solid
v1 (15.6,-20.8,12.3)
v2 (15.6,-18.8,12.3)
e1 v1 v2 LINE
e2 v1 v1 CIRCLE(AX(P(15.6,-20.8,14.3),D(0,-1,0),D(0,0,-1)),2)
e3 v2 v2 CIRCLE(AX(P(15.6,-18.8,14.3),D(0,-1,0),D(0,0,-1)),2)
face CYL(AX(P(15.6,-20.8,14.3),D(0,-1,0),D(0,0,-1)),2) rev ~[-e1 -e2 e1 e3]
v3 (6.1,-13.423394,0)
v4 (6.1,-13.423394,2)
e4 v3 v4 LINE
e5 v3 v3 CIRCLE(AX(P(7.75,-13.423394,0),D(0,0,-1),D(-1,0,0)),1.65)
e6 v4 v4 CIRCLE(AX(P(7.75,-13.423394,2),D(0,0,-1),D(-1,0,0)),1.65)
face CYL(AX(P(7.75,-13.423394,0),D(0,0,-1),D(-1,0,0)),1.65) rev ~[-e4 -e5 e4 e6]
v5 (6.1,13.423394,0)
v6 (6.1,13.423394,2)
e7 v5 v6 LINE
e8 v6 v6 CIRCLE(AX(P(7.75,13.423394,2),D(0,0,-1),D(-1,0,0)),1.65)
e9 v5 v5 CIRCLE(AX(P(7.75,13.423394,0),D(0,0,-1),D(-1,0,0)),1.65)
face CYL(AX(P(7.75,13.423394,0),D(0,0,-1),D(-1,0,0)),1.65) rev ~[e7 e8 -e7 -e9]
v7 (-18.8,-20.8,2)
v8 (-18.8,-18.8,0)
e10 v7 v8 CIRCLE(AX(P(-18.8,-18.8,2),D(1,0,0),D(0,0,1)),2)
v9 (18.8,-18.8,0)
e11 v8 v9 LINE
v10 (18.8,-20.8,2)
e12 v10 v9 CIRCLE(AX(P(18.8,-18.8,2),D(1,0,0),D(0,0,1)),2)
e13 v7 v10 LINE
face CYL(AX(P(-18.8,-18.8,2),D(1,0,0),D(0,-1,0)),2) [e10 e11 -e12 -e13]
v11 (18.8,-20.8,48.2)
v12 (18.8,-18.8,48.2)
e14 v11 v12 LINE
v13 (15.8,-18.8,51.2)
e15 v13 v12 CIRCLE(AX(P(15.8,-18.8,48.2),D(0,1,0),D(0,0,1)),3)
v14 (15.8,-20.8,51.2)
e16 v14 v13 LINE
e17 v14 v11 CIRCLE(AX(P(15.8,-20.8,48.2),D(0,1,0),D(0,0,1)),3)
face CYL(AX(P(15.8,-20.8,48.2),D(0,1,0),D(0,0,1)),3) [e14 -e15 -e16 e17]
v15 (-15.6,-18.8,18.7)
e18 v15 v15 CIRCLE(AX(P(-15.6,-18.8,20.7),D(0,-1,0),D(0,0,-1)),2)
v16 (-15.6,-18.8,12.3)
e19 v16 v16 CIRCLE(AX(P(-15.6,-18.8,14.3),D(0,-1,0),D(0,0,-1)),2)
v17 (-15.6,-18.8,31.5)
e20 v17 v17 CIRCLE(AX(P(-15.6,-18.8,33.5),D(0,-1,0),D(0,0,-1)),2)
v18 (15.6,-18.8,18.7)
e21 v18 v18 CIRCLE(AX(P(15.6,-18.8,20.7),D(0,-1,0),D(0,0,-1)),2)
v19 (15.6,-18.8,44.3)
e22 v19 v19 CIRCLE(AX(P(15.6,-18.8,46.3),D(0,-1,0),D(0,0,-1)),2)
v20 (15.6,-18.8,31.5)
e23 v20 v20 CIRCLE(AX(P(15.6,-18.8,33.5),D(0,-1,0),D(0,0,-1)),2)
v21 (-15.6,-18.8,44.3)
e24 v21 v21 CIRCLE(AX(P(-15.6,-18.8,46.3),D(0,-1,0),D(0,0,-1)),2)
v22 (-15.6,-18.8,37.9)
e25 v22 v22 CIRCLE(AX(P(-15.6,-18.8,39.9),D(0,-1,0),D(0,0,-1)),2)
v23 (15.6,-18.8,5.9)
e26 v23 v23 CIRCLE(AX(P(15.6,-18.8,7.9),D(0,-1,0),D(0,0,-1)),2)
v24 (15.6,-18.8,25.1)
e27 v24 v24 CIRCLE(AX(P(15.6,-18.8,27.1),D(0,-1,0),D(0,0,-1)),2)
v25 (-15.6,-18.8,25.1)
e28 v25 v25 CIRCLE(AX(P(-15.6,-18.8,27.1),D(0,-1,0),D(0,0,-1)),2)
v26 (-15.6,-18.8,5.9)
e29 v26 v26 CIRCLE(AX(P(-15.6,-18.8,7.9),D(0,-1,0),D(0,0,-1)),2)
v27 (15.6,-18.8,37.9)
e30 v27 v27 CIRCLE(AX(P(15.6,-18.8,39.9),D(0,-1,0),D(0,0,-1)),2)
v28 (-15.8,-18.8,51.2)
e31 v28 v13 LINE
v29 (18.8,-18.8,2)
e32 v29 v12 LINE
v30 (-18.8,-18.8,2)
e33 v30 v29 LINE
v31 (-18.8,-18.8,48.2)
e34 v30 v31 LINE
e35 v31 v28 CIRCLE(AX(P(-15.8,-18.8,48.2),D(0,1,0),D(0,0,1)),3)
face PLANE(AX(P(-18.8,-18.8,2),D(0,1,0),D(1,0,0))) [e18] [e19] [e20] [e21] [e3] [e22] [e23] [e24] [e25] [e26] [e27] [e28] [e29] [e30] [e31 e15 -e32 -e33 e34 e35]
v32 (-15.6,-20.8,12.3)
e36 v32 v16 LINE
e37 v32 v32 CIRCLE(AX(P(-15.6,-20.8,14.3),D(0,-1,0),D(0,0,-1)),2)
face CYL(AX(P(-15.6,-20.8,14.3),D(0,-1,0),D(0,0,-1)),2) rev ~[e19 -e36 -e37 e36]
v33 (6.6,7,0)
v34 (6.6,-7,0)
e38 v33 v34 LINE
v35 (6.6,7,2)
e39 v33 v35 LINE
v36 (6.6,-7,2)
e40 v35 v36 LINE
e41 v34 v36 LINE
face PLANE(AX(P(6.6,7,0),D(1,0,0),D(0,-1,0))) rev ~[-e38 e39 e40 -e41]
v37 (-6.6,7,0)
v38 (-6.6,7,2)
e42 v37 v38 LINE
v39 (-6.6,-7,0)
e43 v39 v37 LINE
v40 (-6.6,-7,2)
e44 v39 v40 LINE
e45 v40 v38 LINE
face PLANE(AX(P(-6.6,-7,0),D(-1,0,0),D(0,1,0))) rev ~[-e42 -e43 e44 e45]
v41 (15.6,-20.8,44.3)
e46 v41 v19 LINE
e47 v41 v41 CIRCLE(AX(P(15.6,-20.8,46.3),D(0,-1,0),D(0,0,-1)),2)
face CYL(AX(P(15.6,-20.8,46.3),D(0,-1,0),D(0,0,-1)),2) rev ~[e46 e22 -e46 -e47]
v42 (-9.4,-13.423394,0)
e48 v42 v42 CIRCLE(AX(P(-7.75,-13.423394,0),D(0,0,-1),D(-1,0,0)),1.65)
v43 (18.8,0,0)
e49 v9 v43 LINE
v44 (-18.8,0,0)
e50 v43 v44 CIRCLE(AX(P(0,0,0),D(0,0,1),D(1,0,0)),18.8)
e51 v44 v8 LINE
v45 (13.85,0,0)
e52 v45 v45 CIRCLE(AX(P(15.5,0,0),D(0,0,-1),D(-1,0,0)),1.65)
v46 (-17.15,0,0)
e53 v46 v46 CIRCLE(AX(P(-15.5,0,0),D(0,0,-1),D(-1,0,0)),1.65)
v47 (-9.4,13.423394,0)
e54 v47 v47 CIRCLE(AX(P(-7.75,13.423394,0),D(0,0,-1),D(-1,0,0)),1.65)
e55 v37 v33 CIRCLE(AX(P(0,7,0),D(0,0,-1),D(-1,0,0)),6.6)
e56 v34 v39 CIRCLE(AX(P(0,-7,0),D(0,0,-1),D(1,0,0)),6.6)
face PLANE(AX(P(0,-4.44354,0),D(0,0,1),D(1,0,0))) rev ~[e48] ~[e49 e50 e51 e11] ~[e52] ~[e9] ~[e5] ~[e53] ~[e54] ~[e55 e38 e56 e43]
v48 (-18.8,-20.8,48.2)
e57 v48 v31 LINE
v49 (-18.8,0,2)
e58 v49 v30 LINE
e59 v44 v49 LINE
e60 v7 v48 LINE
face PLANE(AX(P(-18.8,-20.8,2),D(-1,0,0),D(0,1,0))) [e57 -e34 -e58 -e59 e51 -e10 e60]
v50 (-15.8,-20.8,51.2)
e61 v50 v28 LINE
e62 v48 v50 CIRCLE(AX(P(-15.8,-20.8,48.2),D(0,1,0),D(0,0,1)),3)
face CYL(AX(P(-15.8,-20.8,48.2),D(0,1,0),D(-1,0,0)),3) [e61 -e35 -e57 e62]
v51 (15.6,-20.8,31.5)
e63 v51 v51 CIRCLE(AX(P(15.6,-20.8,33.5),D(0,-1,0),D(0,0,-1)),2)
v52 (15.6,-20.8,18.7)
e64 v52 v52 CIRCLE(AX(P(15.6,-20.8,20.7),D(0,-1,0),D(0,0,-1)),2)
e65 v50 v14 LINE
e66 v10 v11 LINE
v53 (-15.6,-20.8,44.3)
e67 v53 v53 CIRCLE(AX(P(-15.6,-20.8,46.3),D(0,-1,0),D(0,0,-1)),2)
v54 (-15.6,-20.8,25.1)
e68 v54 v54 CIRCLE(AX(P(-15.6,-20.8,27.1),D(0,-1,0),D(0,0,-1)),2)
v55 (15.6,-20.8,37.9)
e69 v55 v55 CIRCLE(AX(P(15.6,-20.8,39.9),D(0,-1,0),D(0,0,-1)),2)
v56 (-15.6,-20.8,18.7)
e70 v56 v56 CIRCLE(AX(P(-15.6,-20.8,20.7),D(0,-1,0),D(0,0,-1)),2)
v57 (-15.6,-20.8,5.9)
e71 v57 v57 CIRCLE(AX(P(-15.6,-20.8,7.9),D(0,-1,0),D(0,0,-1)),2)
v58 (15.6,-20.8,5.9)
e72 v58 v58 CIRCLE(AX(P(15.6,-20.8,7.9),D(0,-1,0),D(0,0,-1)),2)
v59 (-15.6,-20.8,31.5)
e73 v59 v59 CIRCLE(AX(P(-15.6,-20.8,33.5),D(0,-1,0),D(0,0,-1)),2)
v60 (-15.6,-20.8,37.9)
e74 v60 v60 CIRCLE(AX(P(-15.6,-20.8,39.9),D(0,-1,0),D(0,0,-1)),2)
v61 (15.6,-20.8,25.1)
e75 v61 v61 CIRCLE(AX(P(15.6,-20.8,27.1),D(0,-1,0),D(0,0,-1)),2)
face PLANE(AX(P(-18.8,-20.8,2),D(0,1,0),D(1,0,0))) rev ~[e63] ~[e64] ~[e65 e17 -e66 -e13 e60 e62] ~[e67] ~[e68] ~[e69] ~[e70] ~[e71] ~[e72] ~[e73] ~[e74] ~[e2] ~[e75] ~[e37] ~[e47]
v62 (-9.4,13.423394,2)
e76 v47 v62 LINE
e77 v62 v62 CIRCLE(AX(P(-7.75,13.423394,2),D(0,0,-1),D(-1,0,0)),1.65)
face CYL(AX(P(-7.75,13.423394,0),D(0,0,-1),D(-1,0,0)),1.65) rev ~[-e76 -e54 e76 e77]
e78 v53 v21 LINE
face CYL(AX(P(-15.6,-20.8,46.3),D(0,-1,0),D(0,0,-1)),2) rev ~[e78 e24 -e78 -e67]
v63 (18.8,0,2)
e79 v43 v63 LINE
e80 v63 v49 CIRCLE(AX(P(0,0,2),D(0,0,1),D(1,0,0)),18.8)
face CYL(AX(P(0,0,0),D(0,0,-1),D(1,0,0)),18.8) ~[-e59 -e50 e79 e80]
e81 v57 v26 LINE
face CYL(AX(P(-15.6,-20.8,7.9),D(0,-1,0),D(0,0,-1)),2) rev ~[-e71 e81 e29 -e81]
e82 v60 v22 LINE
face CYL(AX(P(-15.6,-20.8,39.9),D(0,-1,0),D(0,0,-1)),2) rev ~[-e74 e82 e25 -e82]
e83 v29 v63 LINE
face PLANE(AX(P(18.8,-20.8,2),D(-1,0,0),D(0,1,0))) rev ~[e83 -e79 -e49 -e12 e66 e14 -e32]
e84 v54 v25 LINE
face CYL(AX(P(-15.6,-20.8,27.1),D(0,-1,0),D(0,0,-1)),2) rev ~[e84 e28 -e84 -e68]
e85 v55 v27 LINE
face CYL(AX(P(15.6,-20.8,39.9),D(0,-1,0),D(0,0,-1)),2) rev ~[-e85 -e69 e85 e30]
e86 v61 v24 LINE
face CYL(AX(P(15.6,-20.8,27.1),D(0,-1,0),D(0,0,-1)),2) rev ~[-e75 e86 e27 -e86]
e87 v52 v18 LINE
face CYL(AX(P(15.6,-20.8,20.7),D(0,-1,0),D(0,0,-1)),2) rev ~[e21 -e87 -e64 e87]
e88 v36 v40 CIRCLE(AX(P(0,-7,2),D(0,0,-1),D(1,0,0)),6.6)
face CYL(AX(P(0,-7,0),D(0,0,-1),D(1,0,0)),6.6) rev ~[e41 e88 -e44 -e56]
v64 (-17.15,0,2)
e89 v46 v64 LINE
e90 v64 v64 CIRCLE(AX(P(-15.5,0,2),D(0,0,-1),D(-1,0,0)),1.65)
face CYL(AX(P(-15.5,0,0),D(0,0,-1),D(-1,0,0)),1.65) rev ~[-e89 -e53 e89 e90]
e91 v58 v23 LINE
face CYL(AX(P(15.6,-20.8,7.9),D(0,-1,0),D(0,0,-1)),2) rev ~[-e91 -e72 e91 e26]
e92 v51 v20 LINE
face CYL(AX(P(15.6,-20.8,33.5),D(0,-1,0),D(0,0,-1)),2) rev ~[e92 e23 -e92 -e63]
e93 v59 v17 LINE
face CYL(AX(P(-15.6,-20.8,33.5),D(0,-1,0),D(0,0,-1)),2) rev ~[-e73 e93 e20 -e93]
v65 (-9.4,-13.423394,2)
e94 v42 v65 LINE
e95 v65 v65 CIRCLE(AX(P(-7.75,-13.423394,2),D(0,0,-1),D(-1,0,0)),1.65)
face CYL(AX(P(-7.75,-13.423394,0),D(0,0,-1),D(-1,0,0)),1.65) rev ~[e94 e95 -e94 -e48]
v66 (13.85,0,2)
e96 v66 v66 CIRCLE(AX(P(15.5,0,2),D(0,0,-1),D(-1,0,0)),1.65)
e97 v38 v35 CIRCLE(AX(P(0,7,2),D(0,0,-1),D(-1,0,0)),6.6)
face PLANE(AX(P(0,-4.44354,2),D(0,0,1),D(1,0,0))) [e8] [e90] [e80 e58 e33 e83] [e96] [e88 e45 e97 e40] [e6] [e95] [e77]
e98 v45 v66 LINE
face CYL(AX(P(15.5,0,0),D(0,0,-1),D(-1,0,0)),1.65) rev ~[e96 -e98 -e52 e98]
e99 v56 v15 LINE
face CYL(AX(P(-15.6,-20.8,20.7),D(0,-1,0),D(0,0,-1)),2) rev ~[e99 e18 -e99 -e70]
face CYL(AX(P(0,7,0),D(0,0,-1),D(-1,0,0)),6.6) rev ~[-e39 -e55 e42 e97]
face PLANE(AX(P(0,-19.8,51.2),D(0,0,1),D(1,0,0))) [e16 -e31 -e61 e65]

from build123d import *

# Parameters (mm, degrees)
BOSS_EXTRUDE1_DEPTH = 2
SKETCH2_W           = 37.6
SKETCH2_H           = 2
BOSS_EXTRUDE2_DEPTH = 49.2
FILLET1_R           = 2
FILLET2_R           = 3
CUT_EXTRUDE1_REACH  = 69.402
SKETCH3_R           = 2
CUT_EXTRUDE2_REACH  = 60.374
SKETCH4_R           = 1.65


with BuildPart() as part:
    # Sketch1 → Boss-Extrude1 (new body)
    with BuildSketch(Plane.XY):
        with BuildLine():
            Line((-18.8, 0), (-18.8, -20.8))
            Line((-18.8, -20.8), (18.8, -20.8))
            Line((18.8, -20.8), (18.8, 0))
            ThreePointArc((18.8, 0), (0, 18.8), (-18.8, 0))
        make_face()
    extrude(amount=BOSS_EXTRUDE1_DEPTH)

    # Sketch2 → Boss-Extrude2 (add)
    with BuildSketch(Plane.XY.offset(2)):
        with Locations((0, -19.8)):
            Rectangle(SKETCH2_W, SKETCH2_H)
    extrude(amount=BOSS_EXTRUDE2_DEPTH)

    # Fillet1
    fillet1_edges = [part.edges().sort_by_distance(p)[0] for p in [
        (0, -20.8, 0),
    ]]
    fillet(fillet1_edges, radius=FILLET1_R)

    # Fillet2
    fillet2_edges = [part.edges().sort_by_distance(p)[0] for p in [
        (-18.8, -19.8, 51.2),
        (18.8, -19.8, 51.2),
    ]]
    fillet(fillet2_edges, radius=FILLET2_R)

    # Sketch3 → Cut-Extrude1 (cut, up to next)
    with BuildSketch(Plane.XZ.offset(20.8), mode=Mode.PRIVATE) as cut_extrude1_sk1:
        with Locations(Location((-15.6, 46.3, 0), (0, 0, 270))):
            Circle(SKETCH3_R)
    cut_extrude1_tool1 = extrude(cut_extrude1_sk1.sketch, amount=-CUT_EXTRUDE1_REACH, mode=Mode.PRIVATE) & part.part
    # Sketch3 → Cut-Extrude1 (cut, up to next)
    with BuildSketch(Plane.XZ.offset(20.8), mode=Mode.PRIVATE) as cut_extrude1_sk2:
        with Locations(Location((15.6, 46.3, 0), (0, 0, 270))):
            Circle(SKETCH3_R)
    cut_extrude1_tool2 = extrude(cut_extrude1_sk2.sketch, amount=-CUT_EXTRUDE1_REACH, mode=Mode.PRIVATE) & part.part
    # Sketch3 → Cut-Extrude1 (cut, up to next)
    with BuildSketch(Plane.XZ.offset(20.8), mode=Mode.PRIVATE) as cut_extrude1_sk3:
        with Locations(Location((-15.6, 39.9, 0), (0, 0, 270))):
            Circle(SKETCH3_R)
    cut_extrude1_tool3 = extrude(cut_extrude1_sk3.sketch, amount=-CUT_EXTRUDE1_REACH, mode=Mode.PRIVATE) & part.part
    # Sketch3 → Cut-Extrude1 (cut, up to next)
    with BuildSketch(Plane.XZ.offset(20.8), mode=Mode.PRIVATE) as cut_extrude1_sk4:
        with Locations(Location((15.6, 39.9, 0), (0, 0, 270))):
            Circle(SKETCH3_R)
    cut_extrude1_tool4 = extrude(cut_extrude1_sk4.sketch, amount=-CUT_EXTRUDE1_REACH, mode=Mode.PRIVATE) & part.part
    # Sketch3 → Cut-Extrude1 (cut, up to next)
    with BuildSketch(Plane.XZ.offset(20.8), mode=Mode.PRIVATE) as cut_extrude1_sk5:
        with Locations(Location((-15.6, 33.5, 0), (0, 0, 270))):
            Circle(SKETCH3_R)
    cut_extrude1_tool5 = extrude(cut_extrude1_sk5.sketch, amount=-CUT_EXTRUDE1_REACH, mode=Mode.PRIVATE) & part.part
    # Sketch3 → Cut-Extrude1 (cut, up to next)
    with BuildSketch(Plane.XZ.offset(20.8), mode=Mode.PRIVATE) as cut_extrude1_sk6:
        with Locations(Location((15.6, 33.5, 0), (0, 0, 270))):
            Circle(SKETCH3_R)
    cut_extrude1_tool6 = extrude(cut_extrude1_sk6.sketch, amount=-CUT_EXTRUDE1_REACH, mode=Mode.PRIVATE) & part.part
    # Sketch3 → Cut-Extrude1 (cut, up to next)
    with BuildSketch(Plane.XZ.offset(20.8), mode=Mode.PRIVATE) as cut_extrude1_sk7:
        with Locations(Location((-15.6, 27.1, 0), (0, 0, 270))):
            Circle(SKETCH3_R)
    cut_extrude1_tool7 = extrude(cut_extrude1_sk7.sketch, amount=-CUT_EXTRUDE1_REACH, mode=Mode.PRIVATE) & part.part
    # Sketch3 → Cut-Extrude1 (cut, up to next)
    with BuildSketch(Plane.XZ.offset(20.8), mode=Mode.PRIVATE) as cut_extrude1_sk8:
        with Locations(Location((15.6, 27.1, 0), (0, 0, 270))):
            Circle(SKETCH3_R)
    cut_extrude1_tool8 = extrude(cut_extrude1_sk8.sketch, amount=-CUT_EXTRUDE1_REACH, mode=Mode.PRIVATE) & part.part
    # Sketch3 → Cut-Extrude1 (cut, up to next)
    with BuildSketch(Plane.XZ.offset(20.8), mode=Mode.PRIVATE) as cut_extrude1_sk9:
        with Locations(Location((-15.6, 20.7, 0), (0, 0, 270))):
            Circle(SKETCH3_R)
    cut_extrude1_tool9 = extrude(cut_extrude1_sk9.sketch, amount=-CUT_EXTRUDE1_REACH, mode=Mode.PRIVATE) & part.part
    # Sketch3 → Cut-Extrude1 (cut, up to next)
    with BuildSketch(Plane.XZ.offset(20.8), mode=Mode.PRIVATE) as cut_extrude1_sk10:
        with Locations(Location((15.6, 20.7, 0), (0, 0, 270))):
            Circle(SKETCH3_R)
    cut_extrude1_tool10 = extrude(cut_extrude1_sk10.sketch, amount=-CUT_EXTRUDE1_REACH, mode=Mode.PRIVATE) & part.part
    # Sketch3 → Cut-Extrude1 (cut, up to next)
    with BuildSketch(Plane.XZ.offset(20.8), mode=Mode.PRIVATE) as cut_extrude1_sk11:
        with Locations(Location((-15.6, 14.3, 0), (0, 0, 270))):
            Circle(SKETCH3_R)
    cut_extrude1_tool11 = extrude(cut_extrude1_sk11.sketch, amount=-CUT_EXTRUDE1_REACH, mode=Mode.PRIVATE) & part.part
    # Sketch3 → Cut-Extrude1 (cut, up to next)
    with BuildSketch(Plane.XZ.offset(20.8), mode=Mode.PRIVATE) as cut_extrude1_sk12:
        with Locations(Location((15.6, 14.3, 0), (0, 0, 270))):
            Circle(SKETCH3_R)
    cut_extrude1_tool12 = extrude(cut_extrude1_sk12.sketch, amount=-CUT_EXTRUDE1_REACH, mode=Mode.PRIVATE) & part.part
    # Sketch3 → Cut-Extrude1 (cut, up to next)
    with BuildSketch(Plane.XZ.offset(20.8), mode=Mode.PRIVATE) as cut_extrude1_sk13:
        with Locations(Location((-15.6, 7.9, 0), (0, 0, 270))):
            Circle(SKETCH3_R)
    cut_extrude1_tool13 = extrude(cut_extrude1_sk13.sketch, amount=-CUT_EXTRUDE1_REACH, mode=Mode.PRIVATE) & part.part
    # Sketch3 → Cut-Extrude1 (cut, up to next)
    with BuildSketch(Plane.XZ.offset(20.8), mode=Mode.PRIVATE) as cut_extrude1_sk14:
        with Locations(Location((15.6, 7.9, 0), (0, 0, 270))):
            Circle(SKETCH3_R)
    cut_extrude1_tool14 = extrude(cut_extrude1_sk14.sketch, amount=-CUT_EXTRUDE1_REACH, mode=Mode.PRIVATE) & part.part
    add(cut_extrude1_tool1.solids().sort_by_distance((-15.6, -20.8, 46.3))[0], mode=Mode.SUBTRACT)
    add(cut_extrude1_tool2.solids().sort_by_distance((15.6, -20.8, 46.3))[0], mode=Mode.SUBTRACT)
    add(cut_extrude1_tool3.solids().sort_by_distance((-15.6, -20.8, 39.9))[0], mode=Mode.SUBTRACT)
    add(cut_extrude1_tool4.solids().sort_by_distance((15.6, -20.8, 39.9))[0], mode=Mode.SUBTRACT)
    add(cut_extrude1_tool5.solids().sort_by_distance((-15.6, -20.8, 33.5))[0], mode=Mode.SUBTRACT)
    add(cut_extrude1_tool6.solids().sort_by_distance((15.6, -20.8, 33.5))[0], mode=Mode.SUBTRACT)
    add(cut_extrude1_tool7.solids().sort_by_distance((-15.6, -20.8, 27.1))[0], mode=Mode.SUBTRACT)
    add(cut_extrude1_tool8.solids().sort_by_distance((15.6, -20.8, 27.1))[0], mode=Mode.SUBTRACT)
    add(cut_extrude1_tool9.solids().sort_by_distance((-15.6, -20.8, 20.7))[0], mode=Mode.SUBTRACT)
    add(cut_extrude1_tool10.solids().sort_by_distance((15.6, -20.8, 20.7))[0], mode=Mode.SUBTRACT)
    add(cut_extrude1_tool11.solids().sort_by_distance((-15.6, -20.8, 14.3))[0], mode=Mode.SUBTRACT)
    add(cut_extrude1_tool12.solids().sort_by_distance((15.6, -20.8, 14.3))[0], mode=Mode.SUBTRACT)
    add(cut_extrude1_tool13.solids().sort_by_distance((-15.6, -20.8, 7.9))[0], mode=Mode.SUBTRACT)
    add(cut_extrude1_tool14.solids().sort_by_distance((15.6, -20.8, 7.9))[0], mode=Mode.SUBTRACT)

    # Sketch4 → Cut-Extrude2 (cut, up to next)
    with BuildSketch(Plane(origin=(0, 0, 0), x_dir=(-1, 0, 0), z_dir=(0, 0, -1)), mode=Mode.PRIVATE) as cut_extrude2_sk1:
        with Locations((15.5, 0)):
            Circle(SKETCH4_R)
    cut_extrude2_tool1 = extrude(cut_extrude2_sk1.sketch, amount=-CUT_EXTRUDE2_REACH, mode=Mode.PRIVATE) & part.part
    # Sketch4 → Cut-Extrude2 (cut, up to next)
    with BuildSketch(Plane(origin=(0, 0, 0), x_dir=(-1, 0, 0), z_dir=(0, 0, -1)), mode=Mode.PRIVATE) as cut_extrude2_sk2:
        with Locations((7.75, -13.423393759)):
            Circle(SKETCH4_R)
    cut_extrude2_tool2 = extrude(cut_extrude2_sk2.sketch, amount=-CUT_EXTRUDE2_REACH, mode=Mode.PRIVATE) & part.part
    # Sketch4 → Cut-Extrude2 (cut, up to next)
    with BuildSketch(Plane(origin=(0, 0, 0), x_dir=(-1, 0, 0), z_dir=(0, 0, -1)), mode=Mode.PRIVATE) as cut_extrude2_sk3:
        with Locations((-7.75, -13.423393759)):
            Circle(SKETCH4_R)
    cut_extrude2_tool3 = extrude(cut_extrude2_sk3.sketch, amount=-CUT_EXTRUDE2_REACH, mode=Mode.PRIVATE) & part.part
    # Sketch4 → Cut-Extrude2 (cut, up to next)
    with BuildSketch(Plane(origin=(0, 0, 0), x_dir=(-1, 0, 0), z_dir=(0, 0, -1)), mode=Mode.PRIVATE) as cut_extrude2_sk4:
        with Locations((-15.5, 0)):
            Circle(SKETCH4_R)
    cut_extrude2_tool4 = extrude(cut_extrude2_sk4.sketch, amount=-CUT_EXTRUDE2_REACH, mode=Mode.PRIVATE) & part.part
    # Sketch4 → Cut-Extrude2 (cut, up to next)
    with BuildSketch(Plane(origin=(0, 0, 0), x_dir=(-1, 0, 0), z_dir=(0, 0, -1)), mode=Mode.PRIVATE) as cut_extrude2_sk5:
        with Locations((-7.75, 13.423393759)):
            Circle(SKETCH4_R)
    cut_extrude2_tool5 = extrude(cut_extrude2_sk5.sketch, amount=-CUT_EXTRUDE2_REACH, mode=Mode.PRIVATE) & part.part
    # Sketch4 → Cut-Extrude2 (cut, up to next)
    with BuildSketch(Plane(origin=(0, 0, 0), x_dir=(-1, 0, 0), z_dir=(0, 0, -1)), mode=Mode.PRIVATE) as cut_extrude2_sk6:
        with Locations((7.75, 13.423393759)):
            Circle(SKETCH4_R)
    cut_extrude2_tool6 = extrude(cut_extrude2_sk6.sketch, amount=-CUT_EXTRUDE2_REACH, mode=Mode.PRIVATE) & part.part
    # Sketch4 → Cut-Extrude2 (cut, up to next)
    with BuildSketch(Plane(origin=(0, 0, 0), x_dir=(-1, 0, 0), z_dir=(0, 0, -1)), mode=Mode.PRIVATE) as cut_extrude2_sk7:
        with BuildLine():
            Line((-6.6, 7), (-6.6, -7))
            ThreePointArc((-6.6, -7), (0, -13.6), (6.6, -7))
            Line((6.6, -7), (6.6, 7))
            ThreePointArc((6.6, 7), (0, 13.6), (-6.6, 7))
        make_face()
    cut_extrude2_tool7 = extrude(cut_extrude2_sk7.sketch, amount=-CUT_EXTRUDE2_REACH, mode=Mode.PRIVATE) & part.part
    add(cut_extrude2_tool1.solids().sort_by_distance((-15.5, 0, 0))[0], mode=Mode.SUBTRACT)
    add(cut_extrude2_tool2.solids().sort_by_distance((-7.75, -13.423394, 0))[0], mode=Mode.SUBTRACT)
    add(cut_extrude2_tool3.solids().sort_by_distance((7.75, -13.423394, 0))[0], mode=Mode.SUBTRACT)
    add(cut_extrude2_tool4.solids().sort_by_distance((15.5, 0, 0))[0], mode=Mode.SUBTRACT)
    add(cut_extrude2_tool5.solids().sort_by_distance((7.75, 13.423394, 0))[0], mode=Mode.SUBTRACT)
    add(cut_extrude2_tool6.solids().sort_by_distance((-7.75, 13.423394, 0))[0], mode=Mode.SUBTRACT)
    add(cut_extrude2_tool7.solids().sort_by_distance((0, 0, 0))[0], mode=Mode.SUBTRACT)


solid = part.part
